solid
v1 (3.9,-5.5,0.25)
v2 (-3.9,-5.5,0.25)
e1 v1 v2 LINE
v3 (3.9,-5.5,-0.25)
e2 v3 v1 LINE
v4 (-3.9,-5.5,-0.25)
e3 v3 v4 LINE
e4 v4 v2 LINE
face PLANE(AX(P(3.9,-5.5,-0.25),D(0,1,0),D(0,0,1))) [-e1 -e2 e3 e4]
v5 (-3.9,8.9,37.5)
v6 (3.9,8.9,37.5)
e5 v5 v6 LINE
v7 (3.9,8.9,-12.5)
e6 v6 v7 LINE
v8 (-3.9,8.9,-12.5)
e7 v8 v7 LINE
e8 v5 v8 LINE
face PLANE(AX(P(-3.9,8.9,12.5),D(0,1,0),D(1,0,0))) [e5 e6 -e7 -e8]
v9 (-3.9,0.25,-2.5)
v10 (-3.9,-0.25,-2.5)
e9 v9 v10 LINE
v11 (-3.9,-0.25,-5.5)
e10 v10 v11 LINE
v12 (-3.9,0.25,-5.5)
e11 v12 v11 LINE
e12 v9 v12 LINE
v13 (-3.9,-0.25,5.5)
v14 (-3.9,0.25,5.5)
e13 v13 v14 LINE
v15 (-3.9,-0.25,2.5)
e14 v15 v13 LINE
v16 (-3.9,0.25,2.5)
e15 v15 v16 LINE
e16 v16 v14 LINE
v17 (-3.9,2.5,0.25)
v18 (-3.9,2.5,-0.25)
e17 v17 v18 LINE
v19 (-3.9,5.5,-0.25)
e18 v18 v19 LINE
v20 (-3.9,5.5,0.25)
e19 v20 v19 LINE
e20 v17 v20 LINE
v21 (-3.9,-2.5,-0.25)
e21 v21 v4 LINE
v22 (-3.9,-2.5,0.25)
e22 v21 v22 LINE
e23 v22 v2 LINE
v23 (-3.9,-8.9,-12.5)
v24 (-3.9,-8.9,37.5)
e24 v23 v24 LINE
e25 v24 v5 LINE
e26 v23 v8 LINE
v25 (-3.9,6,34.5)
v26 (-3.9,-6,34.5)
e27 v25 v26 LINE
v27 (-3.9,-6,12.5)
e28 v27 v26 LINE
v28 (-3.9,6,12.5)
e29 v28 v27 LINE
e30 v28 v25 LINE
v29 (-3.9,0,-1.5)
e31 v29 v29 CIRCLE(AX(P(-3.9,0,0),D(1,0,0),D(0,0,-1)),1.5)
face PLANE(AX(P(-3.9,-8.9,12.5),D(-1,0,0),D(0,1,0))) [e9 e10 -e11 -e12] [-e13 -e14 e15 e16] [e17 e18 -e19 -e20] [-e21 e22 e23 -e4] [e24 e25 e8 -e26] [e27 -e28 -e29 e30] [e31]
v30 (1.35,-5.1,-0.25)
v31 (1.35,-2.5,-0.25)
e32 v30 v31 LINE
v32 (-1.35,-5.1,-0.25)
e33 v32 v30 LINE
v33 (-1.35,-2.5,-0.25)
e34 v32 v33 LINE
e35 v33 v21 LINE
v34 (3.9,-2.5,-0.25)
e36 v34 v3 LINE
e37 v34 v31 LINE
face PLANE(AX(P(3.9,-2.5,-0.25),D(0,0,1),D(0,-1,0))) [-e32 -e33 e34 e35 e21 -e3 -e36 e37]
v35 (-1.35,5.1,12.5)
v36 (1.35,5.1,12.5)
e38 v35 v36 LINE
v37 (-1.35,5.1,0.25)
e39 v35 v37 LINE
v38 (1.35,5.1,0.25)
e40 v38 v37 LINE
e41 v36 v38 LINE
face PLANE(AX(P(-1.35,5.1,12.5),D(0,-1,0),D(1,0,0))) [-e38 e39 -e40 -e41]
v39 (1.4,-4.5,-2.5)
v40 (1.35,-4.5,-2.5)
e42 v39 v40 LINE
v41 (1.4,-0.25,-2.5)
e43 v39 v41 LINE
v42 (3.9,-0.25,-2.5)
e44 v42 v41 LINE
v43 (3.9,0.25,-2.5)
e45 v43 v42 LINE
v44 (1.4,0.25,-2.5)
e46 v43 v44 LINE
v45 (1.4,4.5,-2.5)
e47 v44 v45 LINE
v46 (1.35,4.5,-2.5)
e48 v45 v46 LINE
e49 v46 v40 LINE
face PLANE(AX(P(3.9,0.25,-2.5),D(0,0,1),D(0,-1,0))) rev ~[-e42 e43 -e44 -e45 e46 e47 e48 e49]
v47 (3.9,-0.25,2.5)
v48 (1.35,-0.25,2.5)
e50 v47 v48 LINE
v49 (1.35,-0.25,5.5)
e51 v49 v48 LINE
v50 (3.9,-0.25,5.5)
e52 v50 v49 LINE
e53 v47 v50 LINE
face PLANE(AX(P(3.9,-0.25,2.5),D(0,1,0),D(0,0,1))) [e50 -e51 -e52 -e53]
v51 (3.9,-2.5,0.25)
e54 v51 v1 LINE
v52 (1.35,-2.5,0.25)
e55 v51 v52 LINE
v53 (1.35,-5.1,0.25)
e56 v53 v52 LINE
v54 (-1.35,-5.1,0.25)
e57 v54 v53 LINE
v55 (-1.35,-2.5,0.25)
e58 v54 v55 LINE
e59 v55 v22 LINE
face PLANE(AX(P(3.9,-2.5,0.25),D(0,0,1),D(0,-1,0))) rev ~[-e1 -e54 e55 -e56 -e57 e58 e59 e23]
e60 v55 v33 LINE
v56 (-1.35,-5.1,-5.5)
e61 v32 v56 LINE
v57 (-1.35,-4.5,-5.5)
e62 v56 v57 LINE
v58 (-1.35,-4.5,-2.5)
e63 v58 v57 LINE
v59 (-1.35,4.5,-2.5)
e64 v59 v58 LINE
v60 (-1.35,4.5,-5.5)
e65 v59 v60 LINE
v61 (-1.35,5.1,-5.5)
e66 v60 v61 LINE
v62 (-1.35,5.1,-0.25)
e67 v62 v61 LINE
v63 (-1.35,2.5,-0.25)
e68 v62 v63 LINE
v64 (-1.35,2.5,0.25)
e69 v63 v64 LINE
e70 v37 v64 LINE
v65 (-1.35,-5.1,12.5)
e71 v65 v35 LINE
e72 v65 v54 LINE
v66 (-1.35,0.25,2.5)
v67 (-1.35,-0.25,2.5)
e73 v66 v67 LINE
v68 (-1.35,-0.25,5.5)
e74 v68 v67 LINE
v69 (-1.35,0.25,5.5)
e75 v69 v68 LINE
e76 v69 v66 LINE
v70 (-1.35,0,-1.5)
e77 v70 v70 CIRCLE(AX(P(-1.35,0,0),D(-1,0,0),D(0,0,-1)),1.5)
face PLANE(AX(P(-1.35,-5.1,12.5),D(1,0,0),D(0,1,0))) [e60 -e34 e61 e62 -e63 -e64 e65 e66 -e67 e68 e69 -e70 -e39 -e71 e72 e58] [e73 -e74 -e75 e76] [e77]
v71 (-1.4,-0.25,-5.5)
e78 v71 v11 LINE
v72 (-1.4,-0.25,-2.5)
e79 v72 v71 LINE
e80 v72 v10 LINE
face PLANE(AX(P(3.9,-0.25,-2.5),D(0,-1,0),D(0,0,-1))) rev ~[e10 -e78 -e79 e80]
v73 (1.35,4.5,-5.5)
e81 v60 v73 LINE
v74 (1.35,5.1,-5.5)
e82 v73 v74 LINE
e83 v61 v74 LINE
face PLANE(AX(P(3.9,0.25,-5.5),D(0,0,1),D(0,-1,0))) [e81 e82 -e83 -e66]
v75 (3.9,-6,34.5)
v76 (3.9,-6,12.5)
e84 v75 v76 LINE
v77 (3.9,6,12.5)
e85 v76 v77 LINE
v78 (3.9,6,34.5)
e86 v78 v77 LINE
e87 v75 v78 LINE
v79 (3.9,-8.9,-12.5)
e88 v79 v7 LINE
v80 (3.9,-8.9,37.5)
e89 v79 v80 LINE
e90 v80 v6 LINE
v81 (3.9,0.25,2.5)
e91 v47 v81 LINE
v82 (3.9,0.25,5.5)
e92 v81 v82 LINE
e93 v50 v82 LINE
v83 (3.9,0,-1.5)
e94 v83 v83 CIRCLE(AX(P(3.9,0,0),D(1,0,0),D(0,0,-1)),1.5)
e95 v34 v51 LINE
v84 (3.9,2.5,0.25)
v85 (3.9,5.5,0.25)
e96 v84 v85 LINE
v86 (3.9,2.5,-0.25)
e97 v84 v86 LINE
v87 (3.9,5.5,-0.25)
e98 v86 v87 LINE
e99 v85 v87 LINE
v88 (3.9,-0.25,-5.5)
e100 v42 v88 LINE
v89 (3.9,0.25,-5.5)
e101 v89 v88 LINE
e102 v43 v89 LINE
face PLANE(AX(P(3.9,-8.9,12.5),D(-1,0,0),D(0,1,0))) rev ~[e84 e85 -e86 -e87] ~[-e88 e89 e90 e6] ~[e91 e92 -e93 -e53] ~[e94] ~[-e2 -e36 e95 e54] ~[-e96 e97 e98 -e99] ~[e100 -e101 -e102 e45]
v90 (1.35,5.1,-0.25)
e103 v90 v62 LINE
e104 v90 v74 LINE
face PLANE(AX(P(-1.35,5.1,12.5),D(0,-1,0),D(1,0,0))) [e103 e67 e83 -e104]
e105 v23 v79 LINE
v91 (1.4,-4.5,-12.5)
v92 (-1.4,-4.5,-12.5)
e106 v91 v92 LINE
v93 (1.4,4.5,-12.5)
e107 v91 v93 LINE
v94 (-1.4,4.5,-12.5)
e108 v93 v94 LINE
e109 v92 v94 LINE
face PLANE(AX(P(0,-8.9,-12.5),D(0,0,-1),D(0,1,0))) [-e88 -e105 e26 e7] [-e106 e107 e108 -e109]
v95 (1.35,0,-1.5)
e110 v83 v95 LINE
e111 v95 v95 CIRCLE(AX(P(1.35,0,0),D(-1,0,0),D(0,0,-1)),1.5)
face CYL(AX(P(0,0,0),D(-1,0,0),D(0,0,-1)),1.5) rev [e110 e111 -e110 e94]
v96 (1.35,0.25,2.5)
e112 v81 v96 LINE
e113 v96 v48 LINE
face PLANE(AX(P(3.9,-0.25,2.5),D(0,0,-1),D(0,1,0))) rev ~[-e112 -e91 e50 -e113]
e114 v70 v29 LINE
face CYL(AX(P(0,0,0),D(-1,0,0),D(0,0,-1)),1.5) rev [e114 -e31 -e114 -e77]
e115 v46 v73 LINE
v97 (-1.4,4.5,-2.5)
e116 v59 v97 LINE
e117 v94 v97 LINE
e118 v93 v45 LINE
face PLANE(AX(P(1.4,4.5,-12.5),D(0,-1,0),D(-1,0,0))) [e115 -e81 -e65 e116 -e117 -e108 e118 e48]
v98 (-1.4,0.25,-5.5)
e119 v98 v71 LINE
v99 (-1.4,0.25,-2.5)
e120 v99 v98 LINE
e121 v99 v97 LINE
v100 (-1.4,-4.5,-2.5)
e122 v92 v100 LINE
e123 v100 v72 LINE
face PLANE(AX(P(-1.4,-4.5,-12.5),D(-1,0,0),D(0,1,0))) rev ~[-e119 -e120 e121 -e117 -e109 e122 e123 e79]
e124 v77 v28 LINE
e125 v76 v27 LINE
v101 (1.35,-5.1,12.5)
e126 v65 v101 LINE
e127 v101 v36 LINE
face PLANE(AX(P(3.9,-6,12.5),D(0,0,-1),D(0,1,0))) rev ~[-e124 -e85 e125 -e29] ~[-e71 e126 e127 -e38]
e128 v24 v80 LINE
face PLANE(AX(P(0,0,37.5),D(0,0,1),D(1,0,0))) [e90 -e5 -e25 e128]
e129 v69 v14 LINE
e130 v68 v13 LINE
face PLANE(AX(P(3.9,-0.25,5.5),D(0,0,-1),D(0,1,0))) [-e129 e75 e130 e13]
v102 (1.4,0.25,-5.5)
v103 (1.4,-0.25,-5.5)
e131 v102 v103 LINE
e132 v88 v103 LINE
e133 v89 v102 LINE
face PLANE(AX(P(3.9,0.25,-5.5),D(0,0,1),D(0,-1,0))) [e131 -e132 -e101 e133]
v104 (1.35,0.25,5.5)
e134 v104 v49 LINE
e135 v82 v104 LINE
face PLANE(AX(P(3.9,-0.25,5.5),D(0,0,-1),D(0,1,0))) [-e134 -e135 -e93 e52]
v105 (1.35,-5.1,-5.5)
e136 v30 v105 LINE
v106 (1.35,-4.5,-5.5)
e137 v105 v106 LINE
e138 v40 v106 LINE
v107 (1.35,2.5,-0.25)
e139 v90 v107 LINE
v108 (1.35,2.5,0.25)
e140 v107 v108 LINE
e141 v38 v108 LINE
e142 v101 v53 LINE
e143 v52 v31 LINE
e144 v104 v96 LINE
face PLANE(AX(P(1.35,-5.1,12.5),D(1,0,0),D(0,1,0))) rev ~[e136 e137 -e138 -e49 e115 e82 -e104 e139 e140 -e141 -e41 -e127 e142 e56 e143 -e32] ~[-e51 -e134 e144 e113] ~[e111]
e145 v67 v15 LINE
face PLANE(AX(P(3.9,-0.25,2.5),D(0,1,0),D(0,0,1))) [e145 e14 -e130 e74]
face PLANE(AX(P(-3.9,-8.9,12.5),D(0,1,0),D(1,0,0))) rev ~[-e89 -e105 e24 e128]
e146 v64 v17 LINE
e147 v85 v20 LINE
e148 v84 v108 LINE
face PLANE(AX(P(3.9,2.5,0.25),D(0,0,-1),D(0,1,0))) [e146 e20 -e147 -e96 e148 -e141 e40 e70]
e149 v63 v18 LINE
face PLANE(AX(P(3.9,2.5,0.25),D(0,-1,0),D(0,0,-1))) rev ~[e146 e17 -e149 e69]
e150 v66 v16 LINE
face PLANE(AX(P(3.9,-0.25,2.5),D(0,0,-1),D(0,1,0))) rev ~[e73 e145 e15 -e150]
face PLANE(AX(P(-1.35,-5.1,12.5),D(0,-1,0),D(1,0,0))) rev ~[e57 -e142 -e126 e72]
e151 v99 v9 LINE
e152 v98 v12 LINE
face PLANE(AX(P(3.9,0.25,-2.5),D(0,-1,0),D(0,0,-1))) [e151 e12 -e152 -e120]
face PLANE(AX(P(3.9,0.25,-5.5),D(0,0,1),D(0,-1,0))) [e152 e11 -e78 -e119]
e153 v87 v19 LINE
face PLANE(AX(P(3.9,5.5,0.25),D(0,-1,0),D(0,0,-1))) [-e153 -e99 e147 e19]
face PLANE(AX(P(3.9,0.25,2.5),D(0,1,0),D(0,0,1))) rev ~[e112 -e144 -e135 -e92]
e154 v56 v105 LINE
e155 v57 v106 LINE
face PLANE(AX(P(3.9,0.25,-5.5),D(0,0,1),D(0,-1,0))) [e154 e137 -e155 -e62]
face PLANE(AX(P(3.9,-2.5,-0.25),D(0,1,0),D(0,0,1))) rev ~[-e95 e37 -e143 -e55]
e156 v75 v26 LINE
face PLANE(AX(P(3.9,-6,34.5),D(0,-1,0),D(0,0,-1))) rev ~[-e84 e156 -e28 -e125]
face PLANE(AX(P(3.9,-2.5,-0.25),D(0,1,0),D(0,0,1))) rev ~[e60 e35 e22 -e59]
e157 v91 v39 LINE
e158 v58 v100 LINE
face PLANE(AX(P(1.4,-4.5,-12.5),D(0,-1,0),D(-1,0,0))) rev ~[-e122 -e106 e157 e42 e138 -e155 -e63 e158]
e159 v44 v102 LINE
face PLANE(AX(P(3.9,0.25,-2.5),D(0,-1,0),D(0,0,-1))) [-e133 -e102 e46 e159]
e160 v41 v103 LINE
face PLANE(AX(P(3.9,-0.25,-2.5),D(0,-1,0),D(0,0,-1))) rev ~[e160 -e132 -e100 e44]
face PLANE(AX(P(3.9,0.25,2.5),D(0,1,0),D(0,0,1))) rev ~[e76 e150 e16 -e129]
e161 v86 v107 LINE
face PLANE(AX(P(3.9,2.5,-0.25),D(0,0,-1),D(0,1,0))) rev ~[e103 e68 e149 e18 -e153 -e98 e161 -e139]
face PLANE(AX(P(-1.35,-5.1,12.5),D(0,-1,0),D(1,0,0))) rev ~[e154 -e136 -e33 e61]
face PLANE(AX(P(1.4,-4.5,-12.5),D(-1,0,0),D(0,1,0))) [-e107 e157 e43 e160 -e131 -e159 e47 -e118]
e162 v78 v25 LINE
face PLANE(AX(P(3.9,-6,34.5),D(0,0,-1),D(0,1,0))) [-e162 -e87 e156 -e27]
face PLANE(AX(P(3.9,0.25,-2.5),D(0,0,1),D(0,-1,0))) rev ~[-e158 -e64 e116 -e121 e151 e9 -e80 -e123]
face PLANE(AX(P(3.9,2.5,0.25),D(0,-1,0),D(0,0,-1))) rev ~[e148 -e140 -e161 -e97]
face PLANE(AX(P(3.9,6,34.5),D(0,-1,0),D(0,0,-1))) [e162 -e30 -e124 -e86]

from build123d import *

# Parameters (mm, degrees)
SKETCH1_W           = 17.8
SKETCH1_H           = 25
SKETCH1_R           = 1.5
BOSS_EXTRUDE1_DEPTH = 3.9
SKETCH3_W           = 0.5
SKETCH3_H           = 3
CUT_EXTRUDE1_DEPTH  = 10
CIRPATTERN1_COUNT   = 4
SKETCH4_W           = 2.7
SKETCH4_H           = 10.2
CUT_EXTRUDE2_DEPTH  = 18
SKETCH5_W           = 2.8
SKETCH5_H           = 9
CUT_EXTRUDE3_DEPTH  = 10
SKETCH6_W           = 7.8
SKETCH6_H           = 17.8
BOSS_EXTRUDE2_DEPTH = 25
SKETCH7_W           = 22
SKETCH7_H           = 12
CUT_EXTRUDE4_DEPTH  = 30


with BuildPart() as part:
    # Sketch1 → Boss-Extrude1 (new, symmetric)
    with BuildSketch(Plane.YZ):
        Rectangle(SKETCH1_W, SKETCH1_H)
        with Locations(Location((0, 0, 0), (0, 0, 270))):
            Circle(SKETCH1_R, mode=Mode.SUBTRACT)
    extrude(amount=BOSS_EXTRUDE1_DEPTH, both=True)

    # Sketch3 → Cut-Extrude1 (cut)
    with BuildSketch(Plane(origin=(3.9, 0, 0), x_dir=(0, 0, -1), z_dir=(1, 0, 0))):
        with Locations((0, 4)):
            Rectangle(SKETCH3_W, SKETCH3_H)
    cut_extrude1 = extrude(amount=-CUT_EXTRUDE1_DEPTH, mode=Mode.SUBTRACT)

    # CirPattern1: Cut-Extrude1 ×4 about axis
    cirpattern1_axis = Axis((0, 0, 0), (1, 0, 0))
    for i in range(1, CIRPATTERN1_COUNT):
        add(cut_extrude1.rotate(cirpattern1_axis, i * 360 / CIRPATTERN1_COUNT), mode=Mode.SUBTRACT)

    # Sketch4 → Cut-Extrude2 (cut)
    with BuildSketch(Plane.XY.offset(12.5)):
        Rectangle(SKETCH4_W, SKETCH4_H)
    extrude(amount=-CUT_EXTRUDE2_DEPTH, mode=Mode.SUBTRACT)

    # Sketch5 → Cut-Extrude3 (cut)
    with BuildSketch(Plane(origin=(0, 0, -12.5), x_dir=(-1, 0, 0), z_dir=(0, 0, -1))):
        Rectangle(SKETCH5_W, SKETCH5_H)
    extrude(amount=-CUT_EXTRUDE3_DEPTH, mode=Mode.SUBTRACT)

    # Sketch6 → Boss-Extrude2 (add)
    with BuildSketch(Plane.XY.offset(12.5)):
        Rectangle(SKETCH6_W, SKETCH6_H)
    extrude(amount=BOSS_EXTRUDE2_DEPTH)

    # Sketch7 → Cut-Extrude4 (cut)
    with BuildSketch(Plane(origin=(3.9, 0, 0), x_dir=(0, 0, -1), z_dir=(1, 0, 0))):
        with Locations((-23.5, 0)):
            Rectangle(SKETCH7_W, SKETCH7_H)
    extrude(amount=-CUT_EXTRUDE4_DEPTH, mode=Mode.SUBTRACT)


solid = part.part
